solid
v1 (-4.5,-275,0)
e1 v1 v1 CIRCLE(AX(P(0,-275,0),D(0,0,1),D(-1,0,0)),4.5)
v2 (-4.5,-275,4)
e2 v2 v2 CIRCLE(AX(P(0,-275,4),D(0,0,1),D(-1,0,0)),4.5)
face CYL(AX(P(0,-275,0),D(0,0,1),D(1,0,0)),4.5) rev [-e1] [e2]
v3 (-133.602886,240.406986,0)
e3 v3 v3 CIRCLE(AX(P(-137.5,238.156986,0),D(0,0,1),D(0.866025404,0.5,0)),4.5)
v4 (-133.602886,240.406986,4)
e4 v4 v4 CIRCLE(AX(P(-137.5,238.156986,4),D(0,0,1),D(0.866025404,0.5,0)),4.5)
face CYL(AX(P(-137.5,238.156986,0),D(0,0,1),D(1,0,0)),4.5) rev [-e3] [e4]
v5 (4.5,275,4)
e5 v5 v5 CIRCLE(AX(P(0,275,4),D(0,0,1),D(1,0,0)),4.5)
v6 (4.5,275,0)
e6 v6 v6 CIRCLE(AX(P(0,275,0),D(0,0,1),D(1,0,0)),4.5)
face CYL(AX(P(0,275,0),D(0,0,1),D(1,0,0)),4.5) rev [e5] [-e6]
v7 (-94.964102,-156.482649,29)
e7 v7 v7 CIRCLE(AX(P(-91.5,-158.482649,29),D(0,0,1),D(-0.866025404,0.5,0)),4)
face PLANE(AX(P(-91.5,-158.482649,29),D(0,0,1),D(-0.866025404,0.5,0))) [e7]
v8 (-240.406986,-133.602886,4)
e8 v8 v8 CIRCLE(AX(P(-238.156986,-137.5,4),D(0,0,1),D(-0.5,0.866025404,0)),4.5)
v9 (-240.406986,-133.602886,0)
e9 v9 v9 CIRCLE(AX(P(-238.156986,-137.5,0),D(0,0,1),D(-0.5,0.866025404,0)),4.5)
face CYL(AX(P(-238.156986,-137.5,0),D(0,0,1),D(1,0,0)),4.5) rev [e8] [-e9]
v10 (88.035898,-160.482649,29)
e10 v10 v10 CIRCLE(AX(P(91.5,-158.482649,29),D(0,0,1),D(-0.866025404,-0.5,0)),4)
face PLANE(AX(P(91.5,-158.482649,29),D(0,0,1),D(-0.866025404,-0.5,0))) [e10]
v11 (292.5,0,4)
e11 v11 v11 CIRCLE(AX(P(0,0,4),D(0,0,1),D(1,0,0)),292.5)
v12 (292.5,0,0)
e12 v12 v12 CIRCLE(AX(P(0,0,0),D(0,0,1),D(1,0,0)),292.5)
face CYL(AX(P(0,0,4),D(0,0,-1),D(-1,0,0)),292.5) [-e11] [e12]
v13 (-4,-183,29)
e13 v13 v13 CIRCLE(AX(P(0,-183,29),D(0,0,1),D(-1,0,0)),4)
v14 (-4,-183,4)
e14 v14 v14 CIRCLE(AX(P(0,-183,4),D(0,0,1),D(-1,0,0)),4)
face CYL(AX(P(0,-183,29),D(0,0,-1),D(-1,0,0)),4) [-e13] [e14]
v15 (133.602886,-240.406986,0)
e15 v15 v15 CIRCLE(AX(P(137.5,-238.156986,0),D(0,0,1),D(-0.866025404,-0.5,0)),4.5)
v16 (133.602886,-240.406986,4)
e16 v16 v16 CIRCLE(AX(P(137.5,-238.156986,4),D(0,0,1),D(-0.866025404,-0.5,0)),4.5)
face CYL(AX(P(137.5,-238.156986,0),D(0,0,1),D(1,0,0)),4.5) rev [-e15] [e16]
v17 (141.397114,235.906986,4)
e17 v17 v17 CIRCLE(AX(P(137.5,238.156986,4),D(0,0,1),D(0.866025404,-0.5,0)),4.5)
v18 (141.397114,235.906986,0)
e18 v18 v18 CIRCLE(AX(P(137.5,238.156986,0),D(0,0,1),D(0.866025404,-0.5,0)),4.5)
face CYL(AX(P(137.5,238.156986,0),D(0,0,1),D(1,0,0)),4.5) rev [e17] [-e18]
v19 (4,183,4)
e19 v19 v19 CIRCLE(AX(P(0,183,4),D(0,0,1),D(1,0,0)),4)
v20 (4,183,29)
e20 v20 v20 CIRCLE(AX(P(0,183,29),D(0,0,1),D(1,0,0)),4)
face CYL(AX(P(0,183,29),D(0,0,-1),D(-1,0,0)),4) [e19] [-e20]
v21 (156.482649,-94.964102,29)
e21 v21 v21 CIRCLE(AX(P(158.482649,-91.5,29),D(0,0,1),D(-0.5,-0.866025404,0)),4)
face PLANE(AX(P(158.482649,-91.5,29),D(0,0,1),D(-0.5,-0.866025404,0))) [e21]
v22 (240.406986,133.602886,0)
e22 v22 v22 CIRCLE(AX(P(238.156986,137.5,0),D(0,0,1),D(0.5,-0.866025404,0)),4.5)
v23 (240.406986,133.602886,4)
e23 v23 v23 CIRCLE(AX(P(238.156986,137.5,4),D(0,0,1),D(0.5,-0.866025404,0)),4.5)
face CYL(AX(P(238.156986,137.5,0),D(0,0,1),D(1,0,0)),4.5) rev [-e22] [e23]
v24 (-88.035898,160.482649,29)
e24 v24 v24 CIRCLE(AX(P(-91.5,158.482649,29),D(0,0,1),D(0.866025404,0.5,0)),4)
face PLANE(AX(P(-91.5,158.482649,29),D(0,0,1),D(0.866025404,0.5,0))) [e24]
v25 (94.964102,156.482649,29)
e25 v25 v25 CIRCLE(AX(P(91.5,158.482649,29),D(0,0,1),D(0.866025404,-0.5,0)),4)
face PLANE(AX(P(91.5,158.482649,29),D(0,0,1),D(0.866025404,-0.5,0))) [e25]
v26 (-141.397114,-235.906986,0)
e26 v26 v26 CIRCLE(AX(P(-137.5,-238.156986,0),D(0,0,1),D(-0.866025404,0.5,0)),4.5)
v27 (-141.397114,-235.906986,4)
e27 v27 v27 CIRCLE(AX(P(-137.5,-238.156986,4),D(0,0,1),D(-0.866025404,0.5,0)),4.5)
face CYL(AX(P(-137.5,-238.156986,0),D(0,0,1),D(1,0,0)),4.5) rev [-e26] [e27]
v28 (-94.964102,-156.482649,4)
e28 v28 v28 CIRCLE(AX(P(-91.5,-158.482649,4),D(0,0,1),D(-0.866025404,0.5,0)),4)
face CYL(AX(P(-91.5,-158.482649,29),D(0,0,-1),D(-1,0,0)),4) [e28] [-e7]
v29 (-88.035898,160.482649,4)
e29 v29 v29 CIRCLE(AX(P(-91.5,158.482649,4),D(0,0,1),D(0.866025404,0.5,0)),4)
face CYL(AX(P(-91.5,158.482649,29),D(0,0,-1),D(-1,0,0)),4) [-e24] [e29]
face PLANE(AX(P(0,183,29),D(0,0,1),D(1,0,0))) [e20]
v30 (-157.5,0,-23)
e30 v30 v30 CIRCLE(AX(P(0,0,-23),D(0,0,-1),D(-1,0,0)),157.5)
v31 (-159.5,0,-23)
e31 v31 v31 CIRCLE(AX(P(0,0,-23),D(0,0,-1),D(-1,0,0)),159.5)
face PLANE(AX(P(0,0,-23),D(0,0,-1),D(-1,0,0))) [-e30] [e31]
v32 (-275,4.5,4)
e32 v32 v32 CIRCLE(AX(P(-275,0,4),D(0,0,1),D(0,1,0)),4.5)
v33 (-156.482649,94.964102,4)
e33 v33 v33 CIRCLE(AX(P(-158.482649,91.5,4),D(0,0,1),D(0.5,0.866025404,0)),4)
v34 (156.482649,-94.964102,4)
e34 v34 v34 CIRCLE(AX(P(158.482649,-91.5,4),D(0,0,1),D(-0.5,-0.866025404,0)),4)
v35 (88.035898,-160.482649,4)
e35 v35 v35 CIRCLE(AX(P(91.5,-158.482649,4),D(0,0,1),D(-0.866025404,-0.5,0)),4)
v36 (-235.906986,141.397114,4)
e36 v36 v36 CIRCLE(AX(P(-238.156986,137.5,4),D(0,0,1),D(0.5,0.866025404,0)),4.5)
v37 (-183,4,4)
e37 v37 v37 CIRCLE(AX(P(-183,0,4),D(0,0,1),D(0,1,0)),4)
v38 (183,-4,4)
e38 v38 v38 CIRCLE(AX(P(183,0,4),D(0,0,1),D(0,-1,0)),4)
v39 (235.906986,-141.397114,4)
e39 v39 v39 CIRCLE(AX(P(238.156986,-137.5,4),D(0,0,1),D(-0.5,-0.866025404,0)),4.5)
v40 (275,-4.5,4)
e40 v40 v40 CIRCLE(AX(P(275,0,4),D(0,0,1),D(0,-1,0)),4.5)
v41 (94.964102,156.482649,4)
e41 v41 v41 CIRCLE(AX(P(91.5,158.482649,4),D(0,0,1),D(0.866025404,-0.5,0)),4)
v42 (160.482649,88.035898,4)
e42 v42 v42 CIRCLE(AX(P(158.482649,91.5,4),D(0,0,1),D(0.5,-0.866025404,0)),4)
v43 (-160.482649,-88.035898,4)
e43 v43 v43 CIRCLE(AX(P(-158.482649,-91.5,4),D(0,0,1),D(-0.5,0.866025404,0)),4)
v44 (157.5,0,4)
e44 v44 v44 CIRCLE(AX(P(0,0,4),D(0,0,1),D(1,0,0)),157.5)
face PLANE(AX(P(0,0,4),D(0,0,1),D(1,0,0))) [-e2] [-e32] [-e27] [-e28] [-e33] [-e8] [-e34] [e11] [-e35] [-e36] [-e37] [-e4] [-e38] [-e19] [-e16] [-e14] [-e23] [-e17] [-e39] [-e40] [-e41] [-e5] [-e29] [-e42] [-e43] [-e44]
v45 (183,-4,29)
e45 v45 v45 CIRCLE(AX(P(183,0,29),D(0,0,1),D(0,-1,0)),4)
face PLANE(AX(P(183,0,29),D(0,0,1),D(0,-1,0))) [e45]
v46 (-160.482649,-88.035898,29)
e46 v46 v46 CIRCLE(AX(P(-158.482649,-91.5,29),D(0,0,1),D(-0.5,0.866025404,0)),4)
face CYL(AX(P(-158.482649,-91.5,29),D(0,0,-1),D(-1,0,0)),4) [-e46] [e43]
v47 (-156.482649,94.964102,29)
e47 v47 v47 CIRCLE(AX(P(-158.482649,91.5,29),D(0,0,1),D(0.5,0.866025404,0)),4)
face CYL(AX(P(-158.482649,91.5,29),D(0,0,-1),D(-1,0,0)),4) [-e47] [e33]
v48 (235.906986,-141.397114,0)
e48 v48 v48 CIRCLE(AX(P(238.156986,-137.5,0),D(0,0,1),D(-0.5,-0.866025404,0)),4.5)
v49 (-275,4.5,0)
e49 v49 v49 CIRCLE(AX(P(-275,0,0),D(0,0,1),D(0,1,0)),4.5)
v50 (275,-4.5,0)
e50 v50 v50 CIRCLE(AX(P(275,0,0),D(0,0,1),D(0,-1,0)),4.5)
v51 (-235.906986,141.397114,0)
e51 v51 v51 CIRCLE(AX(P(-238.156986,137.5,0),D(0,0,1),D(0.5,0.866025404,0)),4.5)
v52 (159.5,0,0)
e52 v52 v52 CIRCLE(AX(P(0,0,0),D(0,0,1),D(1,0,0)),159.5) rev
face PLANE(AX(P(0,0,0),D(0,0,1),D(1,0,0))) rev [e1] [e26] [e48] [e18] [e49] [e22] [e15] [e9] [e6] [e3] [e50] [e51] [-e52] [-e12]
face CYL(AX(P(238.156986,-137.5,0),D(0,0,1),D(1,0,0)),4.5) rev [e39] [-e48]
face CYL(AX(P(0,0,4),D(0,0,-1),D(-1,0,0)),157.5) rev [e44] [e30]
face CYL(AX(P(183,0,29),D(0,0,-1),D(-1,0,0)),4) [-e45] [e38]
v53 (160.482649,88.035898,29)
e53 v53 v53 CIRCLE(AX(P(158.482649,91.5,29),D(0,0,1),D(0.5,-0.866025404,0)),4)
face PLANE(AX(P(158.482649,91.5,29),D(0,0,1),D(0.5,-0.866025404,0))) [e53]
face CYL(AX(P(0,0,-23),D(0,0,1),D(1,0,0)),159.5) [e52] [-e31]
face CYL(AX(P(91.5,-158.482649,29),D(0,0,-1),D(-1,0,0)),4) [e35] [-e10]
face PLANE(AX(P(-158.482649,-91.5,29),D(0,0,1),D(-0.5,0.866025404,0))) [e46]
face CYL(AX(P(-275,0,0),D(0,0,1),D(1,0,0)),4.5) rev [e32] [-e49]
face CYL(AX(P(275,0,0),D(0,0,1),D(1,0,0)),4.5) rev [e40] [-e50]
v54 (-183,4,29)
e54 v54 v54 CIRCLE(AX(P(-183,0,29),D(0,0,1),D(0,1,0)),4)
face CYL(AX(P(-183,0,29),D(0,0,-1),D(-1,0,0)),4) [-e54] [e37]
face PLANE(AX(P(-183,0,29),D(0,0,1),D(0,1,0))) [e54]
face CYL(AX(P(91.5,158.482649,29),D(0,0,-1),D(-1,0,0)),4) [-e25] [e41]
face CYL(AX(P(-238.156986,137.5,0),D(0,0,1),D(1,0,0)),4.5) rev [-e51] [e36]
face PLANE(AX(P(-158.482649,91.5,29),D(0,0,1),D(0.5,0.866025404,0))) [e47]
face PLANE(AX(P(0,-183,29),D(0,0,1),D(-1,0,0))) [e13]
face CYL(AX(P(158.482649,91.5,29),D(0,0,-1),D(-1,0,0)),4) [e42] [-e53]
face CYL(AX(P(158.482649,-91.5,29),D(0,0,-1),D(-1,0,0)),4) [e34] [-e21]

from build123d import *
from build123d.topology import SkipClean

# Parameters (mm, degrees)
SKETCH1_R           = 292.5
SKETCH1_R_2         = 157.5
BOSS_EXTRUDE1_DEPTH = 4
SKETCH2_R           = 4.5
CUT_EXTRUDE1_DEPTH  = 414.676806215
CIRPATTERN1_COUNT   = 12
SKETCH3_R           = 4
BOSS_EXTRUDE2_DEPTH = 25
CIRPATTERN2_COUNT   = 12
EXTRUDE_THIN1_START = 23
SKETCH4_R           = 159.5
SKETCH4_R_2         = 157.5
EXTRUDE_THIN1_DEPTH = 23


with BuildPart() as part:
    # Sketch1 → Boss-Extrude1 (new body)
    with BuildSketch(Plane.XY):
        Circle(SKETCH1_R)
        Circle(SKETCH1_R_2, mode=Mode.SUBTRACT)
    extrude(amount=BOSS_EXTRUDE1_DEPTH)

    # Sketch2 → Cut-Extrude1 (cut, through all)
    with BuildSketch(Plane.XY.offset(4)):
        with Locations((0, 275)):
            Circle(SKETCH2_R)
    cut_extrude1 = extrude(amount=-CUT_EXTRUDE1_DEPTH, mode=Mode.SUBTRACT)

    # CirPattern1: Cut-Extrude1 ×12 about axis
    cirpattern1_axis = Axis((0, 0, 0), (0, 0, 1))
    for i in range(1, CIRPATTERN1_COUNT):
        add(cut_extrude1.rotate(cirpattern1_axis, i * 360 / CIRPATTERN1_COUNT), mode=Mode.SUBTRACT)

    # Sketch3 → Boss-Extrude2 (add)
    with BuildSketch(Plane.XY.offset(4)):
        with Locations((0, 183)):
            Circle(SKETCH3_R)
    boss_extrude2 = extrude(amount=BOSS_EXTRUDE2_DEPTH)

    # CirPattern2: Boss-Extrude2 ×12 about axis
    cirpattern2_axis = Axis((0, 0, 0), (0, 0, 1))
    for i in range(1, CIRPATTERN2_COUNT):
        add(boss_extrude2.rotate(cirpattern2_axis, i * 360 / CIRPATTERN2_COUNT))

    # Sketch4 → Extrude-Thin1 (add)
    with SkipClean():  # the faces are left unmerged after this step: merging them gives an invalid solid
        with BuildSketch(Plane(origin=(0, 0, 0), x_dir=(-1, 0, 0), z_dir=(0, 0, -1)).offset(EXTRUDE_THIN1_START)):
            Circle(SKETCH4_R)
            Circle(SKETCH4_R_2, mode=Mode.SUBTRACT)
        extrude(amount=-EXTRUDE_THIN1_DEPTH)


solid = part.part
